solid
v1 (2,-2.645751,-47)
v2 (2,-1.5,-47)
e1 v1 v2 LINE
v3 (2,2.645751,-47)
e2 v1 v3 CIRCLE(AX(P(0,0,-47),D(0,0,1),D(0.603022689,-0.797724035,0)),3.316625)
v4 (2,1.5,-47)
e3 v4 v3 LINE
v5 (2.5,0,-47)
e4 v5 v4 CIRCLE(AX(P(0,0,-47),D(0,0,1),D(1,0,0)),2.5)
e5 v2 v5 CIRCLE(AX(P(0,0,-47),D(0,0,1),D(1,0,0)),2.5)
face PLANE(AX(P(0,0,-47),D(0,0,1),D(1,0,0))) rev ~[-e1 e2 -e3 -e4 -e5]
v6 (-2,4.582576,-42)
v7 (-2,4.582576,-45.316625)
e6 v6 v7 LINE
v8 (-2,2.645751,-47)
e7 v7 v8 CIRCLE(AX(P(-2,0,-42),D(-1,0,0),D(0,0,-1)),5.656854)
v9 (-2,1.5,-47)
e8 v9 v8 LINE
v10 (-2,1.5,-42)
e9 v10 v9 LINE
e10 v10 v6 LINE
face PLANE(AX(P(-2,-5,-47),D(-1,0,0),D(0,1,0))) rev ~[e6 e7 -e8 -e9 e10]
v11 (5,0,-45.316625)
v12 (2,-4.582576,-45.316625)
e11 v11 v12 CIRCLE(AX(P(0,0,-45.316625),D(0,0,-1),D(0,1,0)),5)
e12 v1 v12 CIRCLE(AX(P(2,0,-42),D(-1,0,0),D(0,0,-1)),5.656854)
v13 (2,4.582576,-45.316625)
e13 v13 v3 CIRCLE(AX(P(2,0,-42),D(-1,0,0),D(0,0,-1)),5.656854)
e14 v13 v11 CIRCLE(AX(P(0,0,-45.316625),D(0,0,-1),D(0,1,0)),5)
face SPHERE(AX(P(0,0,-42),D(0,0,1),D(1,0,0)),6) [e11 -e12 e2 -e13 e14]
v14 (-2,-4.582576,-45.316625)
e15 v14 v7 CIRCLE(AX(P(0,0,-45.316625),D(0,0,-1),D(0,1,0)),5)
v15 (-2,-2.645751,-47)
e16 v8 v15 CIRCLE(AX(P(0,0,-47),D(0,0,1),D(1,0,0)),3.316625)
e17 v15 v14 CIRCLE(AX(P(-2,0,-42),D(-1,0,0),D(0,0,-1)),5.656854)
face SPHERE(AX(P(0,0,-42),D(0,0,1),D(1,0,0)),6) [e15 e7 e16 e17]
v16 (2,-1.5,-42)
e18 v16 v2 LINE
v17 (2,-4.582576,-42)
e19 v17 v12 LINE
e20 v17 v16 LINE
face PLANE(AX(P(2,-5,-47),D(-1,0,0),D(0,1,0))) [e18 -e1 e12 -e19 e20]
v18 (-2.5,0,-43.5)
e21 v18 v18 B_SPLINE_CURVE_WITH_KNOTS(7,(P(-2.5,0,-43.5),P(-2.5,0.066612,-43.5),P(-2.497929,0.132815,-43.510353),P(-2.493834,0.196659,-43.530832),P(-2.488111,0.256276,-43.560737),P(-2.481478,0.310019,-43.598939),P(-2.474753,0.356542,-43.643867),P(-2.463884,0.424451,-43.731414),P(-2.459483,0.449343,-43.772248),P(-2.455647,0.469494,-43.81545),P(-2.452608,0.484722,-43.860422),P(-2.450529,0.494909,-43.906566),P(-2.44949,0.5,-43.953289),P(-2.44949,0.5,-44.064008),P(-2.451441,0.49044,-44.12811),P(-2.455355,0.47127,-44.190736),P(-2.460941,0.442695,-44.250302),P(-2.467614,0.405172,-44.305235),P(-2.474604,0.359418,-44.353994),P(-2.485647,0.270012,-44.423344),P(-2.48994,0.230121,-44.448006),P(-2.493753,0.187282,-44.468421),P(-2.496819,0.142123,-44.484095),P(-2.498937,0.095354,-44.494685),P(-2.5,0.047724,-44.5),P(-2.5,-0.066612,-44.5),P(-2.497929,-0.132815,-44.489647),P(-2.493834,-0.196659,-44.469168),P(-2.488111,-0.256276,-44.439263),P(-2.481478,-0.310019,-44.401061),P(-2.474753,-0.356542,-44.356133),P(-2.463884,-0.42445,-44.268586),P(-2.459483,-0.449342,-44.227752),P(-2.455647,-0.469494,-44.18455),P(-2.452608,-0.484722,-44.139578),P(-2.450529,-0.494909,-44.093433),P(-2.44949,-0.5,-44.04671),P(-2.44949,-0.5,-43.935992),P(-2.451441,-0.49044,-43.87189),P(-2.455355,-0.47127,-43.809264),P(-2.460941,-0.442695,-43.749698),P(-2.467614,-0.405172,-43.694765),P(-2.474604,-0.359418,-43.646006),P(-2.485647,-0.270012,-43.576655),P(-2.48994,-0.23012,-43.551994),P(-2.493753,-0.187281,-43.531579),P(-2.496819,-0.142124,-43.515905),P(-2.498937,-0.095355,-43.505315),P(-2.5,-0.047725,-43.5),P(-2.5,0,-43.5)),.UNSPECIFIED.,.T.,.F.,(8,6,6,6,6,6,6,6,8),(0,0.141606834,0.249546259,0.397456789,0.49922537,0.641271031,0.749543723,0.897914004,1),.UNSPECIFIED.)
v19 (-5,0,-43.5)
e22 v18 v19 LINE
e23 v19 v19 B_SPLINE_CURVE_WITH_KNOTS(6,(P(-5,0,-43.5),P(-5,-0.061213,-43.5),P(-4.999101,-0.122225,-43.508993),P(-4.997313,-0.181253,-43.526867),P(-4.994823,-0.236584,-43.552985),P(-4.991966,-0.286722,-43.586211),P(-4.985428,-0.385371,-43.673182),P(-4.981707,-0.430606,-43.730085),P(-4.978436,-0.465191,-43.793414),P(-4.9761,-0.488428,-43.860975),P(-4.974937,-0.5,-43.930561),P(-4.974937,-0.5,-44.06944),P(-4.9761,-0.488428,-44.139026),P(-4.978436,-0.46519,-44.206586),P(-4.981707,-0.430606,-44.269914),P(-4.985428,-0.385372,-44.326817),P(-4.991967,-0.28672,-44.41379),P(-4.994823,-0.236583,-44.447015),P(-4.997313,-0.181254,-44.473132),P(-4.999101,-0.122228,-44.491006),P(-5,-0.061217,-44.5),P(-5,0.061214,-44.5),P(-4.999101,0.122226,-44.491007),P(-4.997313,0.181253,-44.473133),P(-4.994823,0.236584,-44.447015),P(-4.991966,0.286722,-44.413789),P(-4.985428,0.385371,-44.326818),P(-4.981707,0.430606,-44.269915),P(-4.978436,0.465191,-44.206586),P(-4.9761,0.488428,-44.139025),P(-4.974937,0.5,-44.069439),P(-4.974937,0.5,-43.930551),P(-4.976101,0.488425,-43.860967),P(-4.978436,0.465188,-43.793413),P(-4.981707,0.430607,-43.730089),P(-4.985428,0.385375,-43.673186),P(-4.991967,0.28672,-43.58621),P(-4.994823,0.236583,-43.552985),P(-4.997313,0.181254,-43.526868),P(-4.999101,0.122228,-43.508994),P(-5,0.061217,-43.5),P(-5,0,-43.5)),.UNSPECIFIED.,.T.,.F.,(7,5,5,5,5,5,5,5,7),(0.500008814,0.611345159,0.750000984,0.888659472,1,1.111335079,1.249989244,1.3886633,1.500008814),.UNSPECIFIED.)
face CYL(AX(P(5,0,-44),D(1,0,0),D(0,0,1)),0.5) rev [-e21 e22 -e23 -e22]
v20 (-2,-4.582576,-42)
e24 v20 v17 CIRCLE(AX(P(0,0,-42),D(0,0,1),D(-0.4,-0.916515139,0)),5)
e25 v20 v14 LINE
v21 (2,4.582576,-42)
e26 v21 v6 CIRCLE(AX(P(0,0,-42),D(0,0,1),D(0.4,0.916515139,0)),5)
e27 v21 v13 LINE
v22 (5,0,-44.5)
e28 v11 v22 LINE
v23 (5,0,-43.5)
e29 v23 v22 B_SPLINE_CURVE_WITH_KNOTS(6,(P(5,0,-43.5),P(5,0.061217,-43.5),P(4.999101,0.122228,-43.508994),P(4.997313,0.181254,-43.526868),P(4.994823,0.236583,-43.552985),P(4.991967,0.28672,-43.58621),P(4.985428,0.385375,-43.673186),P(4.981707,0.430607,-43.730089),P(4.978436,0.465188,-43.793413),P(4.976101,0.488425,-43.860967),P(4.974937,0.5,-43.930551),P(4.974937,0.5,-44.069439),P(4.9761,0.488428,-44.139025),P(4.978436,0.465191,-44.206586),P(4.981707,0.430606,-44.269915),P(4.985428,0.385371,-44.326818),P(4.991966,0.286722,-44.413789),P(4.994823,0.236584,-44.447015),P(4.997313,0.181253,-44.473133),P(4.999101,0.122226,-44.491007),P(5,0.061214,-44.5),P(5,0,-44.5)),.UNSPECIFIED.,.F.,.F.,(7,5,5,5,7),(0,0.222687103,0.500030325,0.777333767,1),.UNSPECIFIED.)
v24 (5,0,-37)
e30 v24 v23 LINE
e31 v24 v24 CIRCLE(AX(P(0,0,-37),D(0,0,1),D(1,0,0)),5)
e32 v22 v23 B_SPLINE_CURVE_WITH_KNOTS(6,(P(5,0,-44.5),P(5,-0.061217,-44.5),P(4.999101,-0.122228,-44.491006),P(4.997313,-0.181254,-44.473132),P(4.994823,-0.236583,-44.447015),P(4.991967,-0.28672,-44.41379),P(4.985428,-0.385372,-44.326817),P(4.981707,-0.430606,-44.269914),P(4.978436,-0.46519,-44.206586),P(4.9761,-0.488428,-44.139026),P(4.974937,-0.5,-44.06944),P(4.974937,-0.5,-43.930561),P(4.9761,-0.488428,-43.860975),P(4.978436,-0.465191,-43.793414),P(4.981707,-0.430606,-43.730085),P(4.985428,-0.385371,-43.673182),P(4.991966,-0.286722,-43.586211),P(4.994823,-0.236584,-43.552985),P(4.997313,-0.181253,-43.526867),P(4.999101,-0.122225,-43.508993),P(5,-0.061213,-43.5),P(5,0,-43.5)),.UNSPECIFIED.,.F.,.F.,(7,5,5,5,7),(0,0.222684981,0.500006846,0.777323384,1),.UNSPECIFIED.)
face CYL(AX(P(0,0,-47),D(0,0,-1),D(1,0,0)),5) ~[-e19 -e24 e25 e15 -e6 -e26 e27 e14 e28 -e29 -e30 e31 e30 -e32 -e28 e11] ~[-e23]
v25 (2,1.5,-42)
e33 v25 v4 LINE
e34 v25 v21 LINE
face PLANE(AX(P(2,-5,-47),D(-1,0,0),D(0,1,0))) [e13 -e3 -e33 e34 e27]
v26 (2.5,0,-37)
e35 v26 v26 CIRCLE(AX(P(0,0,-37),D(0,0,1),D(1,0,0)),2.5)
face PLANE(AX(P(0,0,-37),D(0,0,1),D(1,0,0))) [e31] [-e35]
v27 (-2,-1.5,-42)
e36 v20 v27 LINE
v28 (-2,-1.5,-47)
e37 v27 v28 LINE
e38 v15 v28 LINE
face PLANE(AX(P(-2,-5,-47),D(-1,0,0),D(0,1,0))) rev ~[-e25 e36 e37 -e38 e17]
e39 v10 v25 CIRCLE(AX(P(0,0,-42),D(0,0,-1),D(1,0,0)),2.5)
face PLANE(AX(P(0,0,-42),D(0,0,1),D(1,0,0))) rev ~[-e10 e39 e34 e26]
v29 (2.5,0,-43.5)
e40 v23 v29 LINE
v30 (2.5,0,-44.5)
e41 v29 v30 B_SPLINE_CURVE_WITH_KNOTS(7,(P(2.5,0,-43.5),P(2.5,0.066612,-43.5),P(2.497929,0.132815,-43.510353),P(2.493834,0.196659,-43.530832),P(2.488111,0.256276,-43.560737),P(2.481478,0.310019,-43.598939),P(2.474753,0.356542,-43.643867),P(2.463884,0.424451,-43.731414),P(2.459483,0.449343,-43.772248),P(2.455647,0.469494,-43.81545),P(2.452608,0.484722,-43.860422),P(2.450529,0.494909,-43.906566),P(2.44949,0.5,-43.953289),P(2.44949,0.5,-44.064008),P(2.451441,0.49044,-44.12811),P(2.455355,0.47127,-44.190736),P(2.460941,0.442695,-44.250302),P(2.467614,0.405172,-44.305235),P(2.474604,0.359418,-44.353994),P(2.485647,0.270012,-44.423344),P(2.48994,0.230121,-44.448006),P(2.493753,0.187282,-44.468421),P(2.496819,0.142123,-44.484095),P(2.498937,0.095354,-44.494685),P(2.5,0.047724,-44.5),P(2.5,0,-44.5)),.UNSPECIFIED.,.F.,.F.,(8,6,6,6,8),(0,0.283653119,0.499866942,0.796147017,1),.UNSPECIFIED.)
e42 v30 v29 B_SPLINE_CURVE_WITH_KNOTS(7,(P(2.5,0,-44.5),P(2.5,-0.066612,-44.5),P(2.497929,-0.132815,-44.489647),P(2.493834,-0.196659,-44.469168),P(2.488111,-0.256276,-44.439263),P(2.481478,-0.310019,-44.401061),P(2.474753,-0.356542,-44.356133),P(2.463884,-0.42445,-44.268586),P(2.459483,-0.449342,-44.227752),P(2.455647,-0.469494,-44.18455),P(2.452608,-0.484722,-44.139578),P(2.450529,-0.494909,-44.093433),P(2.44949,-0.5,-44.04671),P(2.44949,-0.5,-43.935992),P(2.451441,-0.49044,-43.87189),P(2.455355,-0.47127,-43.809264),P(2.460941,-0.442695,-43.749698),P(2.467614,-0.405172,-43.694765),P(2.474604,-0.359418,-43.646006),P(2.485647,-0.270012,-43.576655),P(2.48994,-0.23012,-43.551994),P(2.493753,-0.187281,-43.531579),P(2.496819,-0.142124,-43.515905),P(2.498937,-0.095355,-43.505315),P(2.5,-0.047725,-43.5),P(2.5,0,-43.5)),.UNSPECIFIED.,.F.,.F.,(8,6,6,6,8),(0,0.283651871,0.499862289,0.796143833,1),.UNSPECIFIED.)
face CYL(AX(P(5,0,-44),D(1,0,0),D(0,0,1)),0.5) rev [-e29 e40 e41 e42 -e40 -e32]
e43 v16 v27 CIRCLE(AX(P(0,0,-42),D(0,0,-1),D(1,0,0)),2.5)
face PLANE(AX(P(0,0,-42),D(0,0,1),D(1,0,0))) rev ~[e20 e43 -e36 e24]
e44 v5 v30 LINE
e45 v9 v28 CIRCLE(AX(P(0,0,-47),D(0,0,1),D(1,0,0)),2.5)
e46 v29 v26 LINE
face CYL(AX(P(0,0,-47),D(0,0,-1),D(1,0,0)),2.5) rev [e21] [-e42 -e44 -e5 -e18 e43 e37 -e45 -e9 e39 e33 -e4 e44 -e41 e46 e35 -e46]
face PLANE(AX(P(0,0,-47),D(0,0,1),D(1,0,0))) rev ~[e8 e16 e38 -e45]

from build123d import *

# Parameters (mm, degrees)
CYLINDER037_R     = 3
CYLINDER037_DEPTH = 10
CYLINDER036_R     = 5
CYLINDER036_DEPTH = 4
CYLINDER035_R     = 0.5
CYLINDER035_DEPTH = 10
CYLINDER034_R     = 2.5
CYLINDER034_DEPTH = 10
BOX012_W          = 4
BOX012_H          = 10
BOX012_DEPTH      = 5
CYLINDER033_R     = 5
CYLINDER033_DEPTH = 10


with BuildPart() as cylinder037:
    # Cylinder037 → Cylinder037 (new body)
    with BuildSketch(Plane(origin=(18, 0, -6), x_dir=(1, 0, 0), z_dir=(0, 0, 1))):
        Circle(CYLINDER037_R)
    extrude(amount=CYLINDER037_DEPTH)


with BuildPart() as cut031:
    # Cylinder036 → Cylinder036 (new body)
    with BuildSketch(Plane(origin=(18, 0, -4), x_dir=(1, 0, 0), z_dir=(0, 0, 1))):
        Circle(CYLINDER036_R)
    extrude(amount=CYLINDER036_DEPTH)

    # Cut031: cut Cylinder037
    add(cylinder037.part, mode=Mode.SUBTRACT)


with BuildPart() as cut031_1:
    # Cut031 placement: moved
    add(cut031.part.moved(Location((-18, 0, 0))))


with BuildPart() as sphere008:
    # Sphere008 → Sphere008 (revolve)
    with BuildSketch(Plane(origin=(0, 0, -5), x_dir=(1, 0, 0), z_dir=(0, -1, 0))):
        with BuildLine():
            ThreePointArc((0, -6), (6, 0), (0, 6))
            Line((0, 6), (0, -6))
        make_face()
    revolve(axis=Axis((0, 0, -5), (0, 0, 1)))


with BuildPart() as cylinder035:
    # Cylinder035 → Cylinder035 (new body)
    with BuildSketch(Plane(origin=(5, 0, -7), x_dir=(0, 0, 1), z_dir=(-1, 0, 0))):
        Circle(CYLINDER035_R)
    extrude(amount=CYLINDER035_DEPTH)


with BuildPart() as cylinder034:
    # Cylinder034 → Cylinder034 (new body)
    with BuildSketch(Plane.XY.offset(-10)):
        Circle(CYLINDER034_R)
    extrude(amount=CYLINDER034_DEPTH)


with BuildPart() as cube012:
    # Box012 → Box012 (new body)
    with BuildSketch(Plane(origin=(-2, -5, -10), x_dir=(1, 0, 0), z_dir=(0, 0, 1))):
        with Locations((2, 5)):
            Rectangle(BOX012_W, BOX012_H)
    extrude(amount=BOX012_DEPTH)


with BuildPart() as fusion005011:
    # Cylinder033 → Cylinder033 (new body)
    with BuildSketch(Plane.XY.offset(-10)):
        Circle(CYLINDER033_R)
    extrude(amount=CYLINDER033_DEPTH)

    # Cut028: cut Cube012
    add(cube012.part, mode=Mode.SUBTRACT)

    # Cut029: cut Cylinder034
    add(cylinder034.part, mode=Mode.SUBTRACT)

    # Cut030: cut Cylinder035
    add(cylinder035.part, mode=Mode.SUBTRACT)

    # Common006: intersect Sphere008
    add(sphere008.part, mode=Mode.INTERSECT)

    # Fusion005010: union Cut031
    add(cut031_1.part)


with BuildPart() as fusion005011_1:
    # Fusion005011 placement: moved
    add(fusion005011.part.moved(Location((0, 0, -37))))


solid = fusion005011_1.part
